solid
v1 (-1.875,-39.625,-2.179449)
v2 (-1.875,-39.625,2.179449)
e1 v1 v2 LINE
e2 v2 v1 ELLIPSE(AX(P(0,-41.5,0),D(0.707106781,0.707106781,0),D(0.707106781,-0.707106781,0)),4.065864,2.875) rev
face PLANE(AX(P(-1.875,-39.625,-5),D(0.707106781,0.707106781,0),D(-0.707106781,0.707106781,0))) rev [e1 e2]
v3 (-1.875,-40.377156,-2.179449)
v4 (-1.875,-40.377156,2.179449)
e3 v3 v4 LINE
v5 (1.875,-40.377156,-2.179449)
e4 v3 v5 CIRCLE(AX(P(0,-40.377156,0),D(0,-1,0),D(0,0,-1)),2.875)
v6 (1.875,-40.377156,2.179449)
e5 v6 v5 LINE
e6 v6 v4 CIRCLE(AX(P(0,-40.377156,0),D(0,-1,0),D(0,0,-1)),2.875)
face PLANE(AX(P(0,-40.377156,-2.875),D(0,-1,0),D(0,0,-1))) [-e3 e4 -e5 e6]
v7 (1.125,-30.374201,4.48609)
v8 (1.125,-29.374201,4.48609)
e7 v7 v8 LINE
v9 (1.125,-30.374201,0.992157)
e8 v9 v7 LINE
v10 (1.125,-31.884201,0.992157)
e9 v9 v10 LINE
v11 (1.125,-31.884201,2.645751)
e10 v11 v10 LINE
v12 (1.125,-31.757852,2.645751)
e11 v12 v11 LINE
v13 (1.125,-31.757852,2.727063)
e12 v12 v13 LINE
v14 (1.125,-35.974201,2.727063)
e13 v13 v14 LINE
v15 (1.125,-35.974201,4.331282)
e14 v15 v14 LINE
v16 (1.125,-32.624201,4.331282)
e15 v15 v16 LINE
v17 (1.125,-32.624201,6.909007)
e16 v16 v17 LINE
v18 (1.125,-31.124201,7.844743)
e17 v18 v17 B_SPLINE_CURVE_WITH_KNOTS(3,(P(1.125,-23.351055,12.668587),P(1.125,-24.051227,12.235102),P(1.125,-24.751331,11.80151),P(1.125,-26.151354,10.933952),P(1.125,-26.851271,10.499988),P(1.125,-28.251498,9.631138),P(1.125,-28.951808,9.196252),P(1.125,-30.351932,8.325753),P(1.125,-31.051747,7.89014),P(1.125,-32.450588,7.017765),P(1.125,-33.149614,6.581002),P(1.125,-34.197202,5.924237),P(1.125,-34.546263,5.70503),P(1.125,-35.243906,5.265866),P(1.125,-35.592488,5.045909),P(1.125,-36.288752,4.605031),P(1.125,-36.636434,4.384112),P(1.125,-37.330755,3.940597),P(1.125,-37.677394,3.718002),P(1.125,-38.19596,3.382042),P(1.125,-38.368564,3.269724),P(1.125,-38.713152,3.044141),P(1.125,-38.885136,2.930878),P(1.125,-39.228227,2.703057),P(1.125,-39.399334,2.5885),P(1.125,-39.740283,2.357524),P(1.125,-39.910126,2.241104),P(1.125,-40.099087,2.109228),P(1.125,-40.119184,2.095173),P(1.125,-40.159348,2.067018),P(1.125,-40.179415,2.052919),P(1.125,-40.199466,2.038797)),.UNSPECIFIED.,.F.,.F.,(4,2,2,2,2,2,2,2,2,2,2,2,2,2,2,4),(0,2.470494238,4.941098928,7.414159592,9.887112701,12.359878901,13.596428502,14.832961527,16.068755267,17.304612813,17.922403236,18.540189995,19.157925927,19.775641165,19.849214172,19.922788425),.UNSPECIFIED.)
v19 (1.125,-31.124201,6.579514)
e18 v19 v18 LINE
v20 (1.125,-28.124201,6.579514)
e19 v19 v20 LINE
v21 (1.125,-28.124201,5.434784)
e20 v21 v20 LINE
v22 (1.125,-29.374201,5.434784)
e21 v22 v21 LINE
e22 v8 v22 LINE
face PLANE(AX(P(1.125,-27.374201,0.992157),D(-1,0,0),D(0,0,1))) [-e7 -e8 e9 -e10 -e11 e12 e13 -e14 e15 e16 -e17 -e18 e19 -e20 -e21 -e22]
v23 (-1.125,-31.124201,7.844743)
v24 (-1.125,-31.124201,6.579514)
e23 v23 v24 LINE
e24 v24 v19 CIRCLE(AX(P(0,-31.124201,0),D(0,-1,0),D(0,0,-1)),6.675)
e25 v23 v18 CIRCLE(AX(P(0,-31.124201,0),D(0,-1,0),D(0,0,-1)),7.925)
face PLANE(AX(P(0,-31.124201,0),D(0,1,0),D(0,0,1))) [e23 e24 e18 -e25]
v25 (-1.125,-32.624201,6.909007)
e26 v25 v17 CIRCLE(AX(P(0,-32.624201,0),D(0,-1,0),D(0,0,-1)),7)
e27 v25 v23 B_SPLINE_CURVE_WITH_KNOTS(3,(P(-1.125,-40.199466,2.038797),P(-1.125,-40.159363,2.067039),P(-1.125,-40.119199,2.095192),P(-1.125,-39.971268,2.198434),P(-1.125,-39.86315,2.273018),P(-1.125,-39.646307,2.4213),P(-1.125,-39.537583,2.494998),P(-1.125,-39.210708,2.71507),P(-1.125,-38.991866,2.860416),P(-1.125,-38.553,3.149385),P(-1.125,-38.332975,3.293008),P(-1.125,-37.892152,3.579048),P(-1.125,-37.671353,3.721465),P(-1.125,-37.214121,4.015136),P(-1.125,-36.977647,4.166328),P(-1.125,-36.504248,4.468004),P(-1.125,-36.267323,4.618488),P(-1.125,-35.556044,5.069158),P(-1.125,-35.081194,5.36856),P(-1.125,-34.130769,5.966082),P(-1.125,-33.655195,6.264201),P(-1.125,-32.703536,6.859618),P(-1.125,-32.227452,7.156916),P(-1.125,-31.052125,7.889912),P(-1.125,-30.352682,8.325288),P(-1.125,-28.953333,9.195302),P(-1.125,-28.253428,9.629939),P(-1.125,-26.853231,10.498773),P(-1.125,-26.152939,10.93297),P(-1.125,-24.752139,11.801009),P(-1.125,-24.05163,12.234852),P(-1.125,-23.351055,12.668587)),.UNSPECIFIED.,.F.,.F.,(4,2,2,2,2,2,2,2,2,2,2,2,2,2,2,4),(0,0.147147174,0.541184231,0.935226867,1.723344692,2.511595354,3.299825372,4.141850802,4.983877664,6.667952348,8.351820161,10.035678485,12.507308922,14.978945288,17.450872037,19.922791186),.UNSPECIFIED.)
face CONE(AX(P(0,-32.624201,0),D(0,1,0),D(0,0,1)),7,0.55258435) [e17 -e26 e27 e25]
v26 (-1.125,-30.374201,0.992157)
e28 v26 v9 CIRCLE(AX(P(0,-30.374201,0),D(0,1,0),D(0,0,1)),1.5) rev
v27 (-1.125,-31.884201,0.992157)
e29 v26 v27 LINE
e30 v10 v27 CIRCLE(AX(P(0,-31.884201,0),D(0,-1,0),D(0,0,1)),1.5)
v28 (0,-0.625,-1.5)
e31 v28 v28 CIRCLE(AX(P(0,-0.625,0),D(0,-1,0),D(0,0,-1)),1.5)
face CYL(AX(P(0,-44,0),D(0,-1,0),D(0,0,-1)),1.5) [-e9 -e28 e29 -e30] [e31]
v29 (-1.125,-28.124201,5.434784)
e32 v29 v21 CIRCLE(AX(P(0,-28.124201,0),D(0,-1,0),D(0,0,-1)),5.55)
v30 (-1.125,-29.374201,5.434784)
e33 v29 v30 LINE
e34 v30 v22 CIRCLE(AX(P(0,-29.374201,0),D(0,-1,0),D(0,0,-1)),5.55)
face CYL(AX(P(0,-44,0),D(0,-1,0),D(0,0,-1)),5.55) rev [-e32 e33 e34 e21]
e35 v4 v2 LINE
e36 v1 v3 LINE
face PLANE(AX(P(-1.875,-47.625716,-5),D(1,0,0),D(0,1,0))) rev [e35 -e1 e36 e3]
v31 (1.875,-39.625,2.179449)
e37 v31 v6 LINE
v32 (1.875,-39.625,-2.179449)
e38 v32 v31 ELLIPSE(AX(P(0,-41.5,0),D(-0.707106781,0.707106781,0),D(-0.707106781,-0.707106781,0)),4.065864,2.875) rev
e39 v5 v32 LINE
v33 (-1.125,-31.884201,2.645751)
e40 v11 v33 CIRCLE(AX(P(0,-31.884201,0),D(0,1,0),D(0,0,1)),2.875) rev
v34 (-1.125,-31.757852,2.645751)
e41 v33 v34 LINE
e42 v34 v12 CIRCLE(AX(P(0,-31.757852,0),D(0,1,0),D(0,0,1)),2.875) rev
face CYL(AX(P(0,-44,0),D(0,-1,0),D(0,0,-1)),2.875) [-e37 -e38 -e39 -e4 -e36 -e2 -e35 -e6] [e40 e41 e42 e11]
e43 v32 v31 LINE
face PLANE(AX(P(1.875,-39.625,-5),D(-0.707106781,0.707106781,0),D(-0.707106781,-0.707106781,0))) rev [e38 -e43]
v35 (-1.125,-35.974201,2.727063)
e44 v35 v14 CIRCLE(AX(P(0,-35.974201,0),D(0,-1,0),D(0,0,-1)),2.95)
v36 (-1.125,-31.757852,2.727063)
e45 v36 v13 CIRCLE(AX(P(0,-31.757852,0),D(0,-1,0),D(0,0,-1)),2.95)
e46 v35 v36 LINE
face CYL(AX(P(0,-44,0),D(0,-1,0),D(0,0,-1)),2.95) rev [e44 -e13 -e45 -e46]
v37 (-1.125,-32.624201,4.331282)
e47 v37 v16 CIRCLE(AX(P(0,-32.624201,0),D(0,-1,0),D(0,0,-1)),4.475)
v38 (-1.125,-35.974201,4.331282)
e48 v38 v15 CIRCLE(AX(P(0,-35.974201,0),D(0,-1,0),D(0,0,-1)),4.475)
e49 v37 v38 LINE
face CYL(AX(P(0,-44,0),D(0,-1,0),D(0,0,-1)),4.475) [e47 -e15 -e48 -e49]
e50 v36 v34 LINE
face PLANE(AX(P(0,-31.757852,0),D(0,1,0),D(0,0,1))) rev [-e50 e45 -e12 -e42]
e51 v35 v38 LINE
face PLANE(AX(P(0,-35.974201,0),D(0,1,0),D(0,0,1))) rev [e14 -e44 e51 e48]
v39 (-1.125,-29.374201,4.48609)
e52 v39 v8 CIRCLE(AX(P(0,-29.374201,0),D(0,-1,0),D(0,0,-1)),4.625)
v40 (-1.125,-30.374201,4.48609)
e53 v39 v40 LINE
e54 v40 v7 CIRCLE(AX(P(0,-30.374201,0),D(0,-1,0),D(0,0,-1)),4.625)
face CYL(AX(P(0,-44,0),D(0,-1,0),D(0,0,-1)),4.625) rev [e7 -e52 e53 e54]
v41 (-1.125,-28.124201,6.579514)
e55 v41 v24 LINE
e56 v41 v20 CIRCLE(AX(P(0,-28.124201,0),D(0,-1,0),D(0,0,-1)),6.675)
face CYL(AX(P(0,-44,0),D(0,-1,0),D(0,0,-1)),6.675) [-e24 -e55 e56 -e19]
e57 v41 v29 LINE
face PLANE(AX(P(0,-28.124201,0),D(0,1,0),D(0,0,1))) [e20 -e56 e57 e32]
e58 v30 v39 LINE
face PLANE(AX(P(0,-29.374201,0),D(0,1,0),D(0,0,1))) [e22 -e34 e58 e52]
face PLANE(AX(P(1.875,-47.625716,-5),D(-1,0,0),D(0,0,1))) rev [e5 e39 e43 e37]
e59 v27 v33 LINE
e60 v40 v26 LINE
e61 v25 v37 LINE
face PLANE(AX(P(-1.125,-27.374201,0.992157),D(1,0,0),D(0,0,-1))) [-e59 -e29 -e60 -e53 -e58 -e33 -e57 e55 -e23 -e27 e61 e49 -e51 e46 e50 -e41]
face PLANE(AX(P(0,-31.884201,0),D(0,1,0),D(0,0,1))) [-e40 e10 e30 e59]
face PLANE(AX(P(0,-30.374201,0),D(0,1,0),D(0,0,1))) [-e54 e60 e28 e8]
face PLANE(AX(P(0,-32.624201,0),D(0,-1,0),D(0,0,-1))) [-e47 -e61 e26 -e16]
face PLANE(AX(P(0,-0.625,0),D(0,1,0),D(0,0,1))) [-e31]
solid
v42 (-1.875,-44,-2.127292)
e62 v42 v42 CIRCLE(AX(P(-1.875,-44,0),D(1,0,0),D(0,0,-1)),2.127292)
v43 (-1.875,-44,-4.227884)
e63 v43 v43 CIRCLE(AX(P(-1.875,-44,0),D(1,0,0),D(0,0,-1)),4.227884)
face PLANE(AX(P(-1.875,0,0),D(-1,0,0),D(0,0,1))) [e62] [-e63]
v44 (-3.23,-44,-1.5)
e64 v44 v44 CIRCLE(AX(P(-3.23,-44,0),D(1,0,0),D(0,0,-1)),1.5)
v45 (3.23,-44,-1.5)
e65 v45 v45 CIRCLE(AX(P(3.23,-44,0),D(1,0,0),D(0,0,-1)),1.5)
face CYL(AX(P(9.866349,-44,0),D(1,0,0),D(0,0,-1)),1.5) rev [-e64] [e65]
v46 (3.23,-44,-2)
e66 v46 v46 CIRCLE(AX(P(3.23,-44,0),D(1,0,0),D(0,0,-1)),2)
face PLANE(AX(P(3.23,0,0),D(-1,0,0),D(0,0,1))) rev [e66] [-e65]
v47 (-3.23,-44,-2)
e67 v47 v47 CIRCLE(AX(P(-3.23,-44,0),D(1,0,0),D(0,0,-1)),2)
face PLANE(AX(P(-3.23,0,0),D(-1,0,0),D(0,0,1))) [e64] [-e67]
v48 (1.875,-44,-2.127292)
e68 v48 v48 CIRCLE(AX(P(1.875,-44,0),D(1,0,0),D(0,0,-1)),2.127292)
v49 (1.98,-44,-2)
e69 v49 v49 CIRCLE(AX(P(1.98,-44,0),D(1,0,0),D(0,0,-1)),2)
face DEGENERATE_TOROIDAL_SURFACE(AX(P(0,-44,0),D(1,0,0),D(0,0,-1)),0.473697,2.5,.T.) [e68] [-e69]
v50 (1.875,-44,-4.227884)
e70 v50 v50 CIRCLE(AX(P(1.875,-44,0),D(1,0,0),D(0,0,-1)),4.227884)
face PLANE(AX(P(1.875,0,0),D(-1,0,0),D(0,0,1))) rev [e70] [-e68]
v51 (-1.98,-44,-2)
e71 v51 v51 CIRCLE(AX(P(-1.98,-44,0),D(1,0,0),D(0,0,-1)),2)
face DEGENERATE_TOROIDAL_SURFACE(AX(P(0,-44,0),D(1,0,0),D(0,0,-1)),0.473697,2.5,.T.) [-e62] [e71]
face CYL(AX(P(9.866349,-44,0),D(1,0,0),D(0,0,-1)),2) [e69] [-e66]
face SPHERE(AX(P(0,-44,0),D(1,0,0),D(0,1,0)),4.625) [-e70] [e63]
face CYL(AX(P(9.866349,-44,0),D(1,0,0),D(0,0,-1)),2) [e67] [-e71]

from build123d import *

# Parameters (mm, degrees)
CUT_EXTRUDE1_DEPTH      = 5
CUT_EXTRUDE2_DEPTH      = 3
CUT_EXTRUDE2_DEPTH_BACK = 1.51
CUT_EXTRUDE3_DEPTH      = 6


with BuildPart() as part:
    # Sketch2 → Revolve1 (revolve)
    with BuildSketch(Plane(origin=(0, 0, 0), x_dir=(0, 0, -1), z_dir=(1, 0, 0))):
        Polygon((0, -0.625), (1.5, -0.625), (1.5, -30.625), (2.875, -30.625), (2.875, -40.377156), (0, -40.377156), align=None)
    revolve(axis=Axis((0, -44, 0), (0, 1, 0)))

    # Sketch4 → Cut-Extrude1 (cut, symmetric)
    with BuildSketch(Plane.XY):
        Polygon((1.875, -47.625716), (1.875, -39.625), (2.875, -38.625), (2.875, -47.625716), align=None)
        Polygon((-1.875, -39.625), (-2.875, -38.625), (-2.875, -47.625716), (-1.875, -47.625716), align=None)
    extrude(amount=CUT_EXTRUDE1_DEPTH, both=True, mode=Mode.SUBTRACT)

    # Sketch5 → Revolve3 (revolve)
    with BuildSketch(Plane(origin=(0, 0, 0), x_dir=(0, 0, -1), z_dir=(1, 0, 0))):
        Polygon((4.625, -30.374201), (1.5, -30.374201), (1.5, -31.757852), (2.95, -31.757852), (2.95, -35.974201), (4.475, -35.974201), (4.475, -32.624201), (7, -32.624201), (7.925, -31.124201), (6.675, -31.124201), (6.675, -28.124201), (5.55, -28.124201), (5.55, -29.374201), (4.625, -29.374201), align=None)
    revolve(axis=Axis((0, -44, 0), (0, 1, 0)))

    # Sketch6 → Cut-Extrude2 (cut, two sides)
    with BuildSketch(Plane(origin=(0, -30.374201, 0), x_dir=(1, 0, 0), z_dir=(0, 1, 0))) as cut_extrude2_sk:
        with BuildLine():
            Line((-1.125, -0.992157), (-1.125, -8.743655))
            Line((-1.125, -8.743655), (1.125, -8.743655))
            Line((1.125, -8.743655), (1.125, -0.992157))
            ThreePointArc((1.125, -0.992157), (0, -1.5), (-1.125, -0.992157))
        make_face()
    extrude(amount=CUT_EXTRUDE2_DEPTH, mode=Mode.SUBTRACT)
    extrude(cut_extrude2_sk.sketch, amount=-CUT_EXTRUDE2_DEPTH_BACK, mode=Mode.SUBTRACT)

    # Sketch7 → Cut-Extrude3 (cut)
    with BuildSketch(Plane(origin=(0, -31.884201, 0), x_dir=(1, 0, 0), z_dir=(0, 1, 0))):
        with BuildLine():
            Line((-1.125, -4.331282), (-1.125, -2.727063))
            ThreePointArc((-1.125, -2.727063), (0, -2.95), (1.125, -2.727063))
            Line((1.125, -2.727063), (1.125, -4.331282))
            Line((1.125, -4.331282), (1.125, -8.743655))
            Line((1.125, -8.743655), (-1.125, -8.743655))
            Line((-1.125, -8.743655), (-1.125, -4.331282))
        make_face()
    extrude(amount=-CUT_EXTRUDE3_DEPTH, mode=Mode.SUBTRACT)


with BuildPart() as body_2:
    # Sketch3 → Spherical Bearing (revolve)
    with BuildSketch(Plane.XY):
        Polygon((3.23, -42.5), (0, -42.5), (-3.23, -42.5), (-3.23, -42), (0, -42), (3.23, -42), align=None)
        with BuildLine():
            ThreePointArc((-1.875, -41.872708), (-1.928551, -41.935488), (-1.98, -42))
            Line((-1.98, -42), (0, -42))
            Line((0, -42), (1.98, -42))
            ThreePointArc((1.98, -42), (1.928551, -41.935488), (1.875, -41.872708))
            ThreePointArc((1.875, -41.872708), (0, -41.026303), (-1.875, -41.872708))
        make_face()
        with BuildLine():
            Line((-1.875, -39.772116), (-1.875, -41.872708))
            ThreePointArc((-1.875, -41.872708), (0, -41.026303), (1.875, -41.872708))
            Line((1.875, -41.872708), (1.875, -39.772116))
            ThreePointArc((1.875, -39.772116), (0, -39.375), (-1.875, -39.772116))
        make_face()
    revolve(axis=Axis((9.866349, -44, 0), (-1, 0, 0)))


solid = Compound([part.part, body_2.part])
